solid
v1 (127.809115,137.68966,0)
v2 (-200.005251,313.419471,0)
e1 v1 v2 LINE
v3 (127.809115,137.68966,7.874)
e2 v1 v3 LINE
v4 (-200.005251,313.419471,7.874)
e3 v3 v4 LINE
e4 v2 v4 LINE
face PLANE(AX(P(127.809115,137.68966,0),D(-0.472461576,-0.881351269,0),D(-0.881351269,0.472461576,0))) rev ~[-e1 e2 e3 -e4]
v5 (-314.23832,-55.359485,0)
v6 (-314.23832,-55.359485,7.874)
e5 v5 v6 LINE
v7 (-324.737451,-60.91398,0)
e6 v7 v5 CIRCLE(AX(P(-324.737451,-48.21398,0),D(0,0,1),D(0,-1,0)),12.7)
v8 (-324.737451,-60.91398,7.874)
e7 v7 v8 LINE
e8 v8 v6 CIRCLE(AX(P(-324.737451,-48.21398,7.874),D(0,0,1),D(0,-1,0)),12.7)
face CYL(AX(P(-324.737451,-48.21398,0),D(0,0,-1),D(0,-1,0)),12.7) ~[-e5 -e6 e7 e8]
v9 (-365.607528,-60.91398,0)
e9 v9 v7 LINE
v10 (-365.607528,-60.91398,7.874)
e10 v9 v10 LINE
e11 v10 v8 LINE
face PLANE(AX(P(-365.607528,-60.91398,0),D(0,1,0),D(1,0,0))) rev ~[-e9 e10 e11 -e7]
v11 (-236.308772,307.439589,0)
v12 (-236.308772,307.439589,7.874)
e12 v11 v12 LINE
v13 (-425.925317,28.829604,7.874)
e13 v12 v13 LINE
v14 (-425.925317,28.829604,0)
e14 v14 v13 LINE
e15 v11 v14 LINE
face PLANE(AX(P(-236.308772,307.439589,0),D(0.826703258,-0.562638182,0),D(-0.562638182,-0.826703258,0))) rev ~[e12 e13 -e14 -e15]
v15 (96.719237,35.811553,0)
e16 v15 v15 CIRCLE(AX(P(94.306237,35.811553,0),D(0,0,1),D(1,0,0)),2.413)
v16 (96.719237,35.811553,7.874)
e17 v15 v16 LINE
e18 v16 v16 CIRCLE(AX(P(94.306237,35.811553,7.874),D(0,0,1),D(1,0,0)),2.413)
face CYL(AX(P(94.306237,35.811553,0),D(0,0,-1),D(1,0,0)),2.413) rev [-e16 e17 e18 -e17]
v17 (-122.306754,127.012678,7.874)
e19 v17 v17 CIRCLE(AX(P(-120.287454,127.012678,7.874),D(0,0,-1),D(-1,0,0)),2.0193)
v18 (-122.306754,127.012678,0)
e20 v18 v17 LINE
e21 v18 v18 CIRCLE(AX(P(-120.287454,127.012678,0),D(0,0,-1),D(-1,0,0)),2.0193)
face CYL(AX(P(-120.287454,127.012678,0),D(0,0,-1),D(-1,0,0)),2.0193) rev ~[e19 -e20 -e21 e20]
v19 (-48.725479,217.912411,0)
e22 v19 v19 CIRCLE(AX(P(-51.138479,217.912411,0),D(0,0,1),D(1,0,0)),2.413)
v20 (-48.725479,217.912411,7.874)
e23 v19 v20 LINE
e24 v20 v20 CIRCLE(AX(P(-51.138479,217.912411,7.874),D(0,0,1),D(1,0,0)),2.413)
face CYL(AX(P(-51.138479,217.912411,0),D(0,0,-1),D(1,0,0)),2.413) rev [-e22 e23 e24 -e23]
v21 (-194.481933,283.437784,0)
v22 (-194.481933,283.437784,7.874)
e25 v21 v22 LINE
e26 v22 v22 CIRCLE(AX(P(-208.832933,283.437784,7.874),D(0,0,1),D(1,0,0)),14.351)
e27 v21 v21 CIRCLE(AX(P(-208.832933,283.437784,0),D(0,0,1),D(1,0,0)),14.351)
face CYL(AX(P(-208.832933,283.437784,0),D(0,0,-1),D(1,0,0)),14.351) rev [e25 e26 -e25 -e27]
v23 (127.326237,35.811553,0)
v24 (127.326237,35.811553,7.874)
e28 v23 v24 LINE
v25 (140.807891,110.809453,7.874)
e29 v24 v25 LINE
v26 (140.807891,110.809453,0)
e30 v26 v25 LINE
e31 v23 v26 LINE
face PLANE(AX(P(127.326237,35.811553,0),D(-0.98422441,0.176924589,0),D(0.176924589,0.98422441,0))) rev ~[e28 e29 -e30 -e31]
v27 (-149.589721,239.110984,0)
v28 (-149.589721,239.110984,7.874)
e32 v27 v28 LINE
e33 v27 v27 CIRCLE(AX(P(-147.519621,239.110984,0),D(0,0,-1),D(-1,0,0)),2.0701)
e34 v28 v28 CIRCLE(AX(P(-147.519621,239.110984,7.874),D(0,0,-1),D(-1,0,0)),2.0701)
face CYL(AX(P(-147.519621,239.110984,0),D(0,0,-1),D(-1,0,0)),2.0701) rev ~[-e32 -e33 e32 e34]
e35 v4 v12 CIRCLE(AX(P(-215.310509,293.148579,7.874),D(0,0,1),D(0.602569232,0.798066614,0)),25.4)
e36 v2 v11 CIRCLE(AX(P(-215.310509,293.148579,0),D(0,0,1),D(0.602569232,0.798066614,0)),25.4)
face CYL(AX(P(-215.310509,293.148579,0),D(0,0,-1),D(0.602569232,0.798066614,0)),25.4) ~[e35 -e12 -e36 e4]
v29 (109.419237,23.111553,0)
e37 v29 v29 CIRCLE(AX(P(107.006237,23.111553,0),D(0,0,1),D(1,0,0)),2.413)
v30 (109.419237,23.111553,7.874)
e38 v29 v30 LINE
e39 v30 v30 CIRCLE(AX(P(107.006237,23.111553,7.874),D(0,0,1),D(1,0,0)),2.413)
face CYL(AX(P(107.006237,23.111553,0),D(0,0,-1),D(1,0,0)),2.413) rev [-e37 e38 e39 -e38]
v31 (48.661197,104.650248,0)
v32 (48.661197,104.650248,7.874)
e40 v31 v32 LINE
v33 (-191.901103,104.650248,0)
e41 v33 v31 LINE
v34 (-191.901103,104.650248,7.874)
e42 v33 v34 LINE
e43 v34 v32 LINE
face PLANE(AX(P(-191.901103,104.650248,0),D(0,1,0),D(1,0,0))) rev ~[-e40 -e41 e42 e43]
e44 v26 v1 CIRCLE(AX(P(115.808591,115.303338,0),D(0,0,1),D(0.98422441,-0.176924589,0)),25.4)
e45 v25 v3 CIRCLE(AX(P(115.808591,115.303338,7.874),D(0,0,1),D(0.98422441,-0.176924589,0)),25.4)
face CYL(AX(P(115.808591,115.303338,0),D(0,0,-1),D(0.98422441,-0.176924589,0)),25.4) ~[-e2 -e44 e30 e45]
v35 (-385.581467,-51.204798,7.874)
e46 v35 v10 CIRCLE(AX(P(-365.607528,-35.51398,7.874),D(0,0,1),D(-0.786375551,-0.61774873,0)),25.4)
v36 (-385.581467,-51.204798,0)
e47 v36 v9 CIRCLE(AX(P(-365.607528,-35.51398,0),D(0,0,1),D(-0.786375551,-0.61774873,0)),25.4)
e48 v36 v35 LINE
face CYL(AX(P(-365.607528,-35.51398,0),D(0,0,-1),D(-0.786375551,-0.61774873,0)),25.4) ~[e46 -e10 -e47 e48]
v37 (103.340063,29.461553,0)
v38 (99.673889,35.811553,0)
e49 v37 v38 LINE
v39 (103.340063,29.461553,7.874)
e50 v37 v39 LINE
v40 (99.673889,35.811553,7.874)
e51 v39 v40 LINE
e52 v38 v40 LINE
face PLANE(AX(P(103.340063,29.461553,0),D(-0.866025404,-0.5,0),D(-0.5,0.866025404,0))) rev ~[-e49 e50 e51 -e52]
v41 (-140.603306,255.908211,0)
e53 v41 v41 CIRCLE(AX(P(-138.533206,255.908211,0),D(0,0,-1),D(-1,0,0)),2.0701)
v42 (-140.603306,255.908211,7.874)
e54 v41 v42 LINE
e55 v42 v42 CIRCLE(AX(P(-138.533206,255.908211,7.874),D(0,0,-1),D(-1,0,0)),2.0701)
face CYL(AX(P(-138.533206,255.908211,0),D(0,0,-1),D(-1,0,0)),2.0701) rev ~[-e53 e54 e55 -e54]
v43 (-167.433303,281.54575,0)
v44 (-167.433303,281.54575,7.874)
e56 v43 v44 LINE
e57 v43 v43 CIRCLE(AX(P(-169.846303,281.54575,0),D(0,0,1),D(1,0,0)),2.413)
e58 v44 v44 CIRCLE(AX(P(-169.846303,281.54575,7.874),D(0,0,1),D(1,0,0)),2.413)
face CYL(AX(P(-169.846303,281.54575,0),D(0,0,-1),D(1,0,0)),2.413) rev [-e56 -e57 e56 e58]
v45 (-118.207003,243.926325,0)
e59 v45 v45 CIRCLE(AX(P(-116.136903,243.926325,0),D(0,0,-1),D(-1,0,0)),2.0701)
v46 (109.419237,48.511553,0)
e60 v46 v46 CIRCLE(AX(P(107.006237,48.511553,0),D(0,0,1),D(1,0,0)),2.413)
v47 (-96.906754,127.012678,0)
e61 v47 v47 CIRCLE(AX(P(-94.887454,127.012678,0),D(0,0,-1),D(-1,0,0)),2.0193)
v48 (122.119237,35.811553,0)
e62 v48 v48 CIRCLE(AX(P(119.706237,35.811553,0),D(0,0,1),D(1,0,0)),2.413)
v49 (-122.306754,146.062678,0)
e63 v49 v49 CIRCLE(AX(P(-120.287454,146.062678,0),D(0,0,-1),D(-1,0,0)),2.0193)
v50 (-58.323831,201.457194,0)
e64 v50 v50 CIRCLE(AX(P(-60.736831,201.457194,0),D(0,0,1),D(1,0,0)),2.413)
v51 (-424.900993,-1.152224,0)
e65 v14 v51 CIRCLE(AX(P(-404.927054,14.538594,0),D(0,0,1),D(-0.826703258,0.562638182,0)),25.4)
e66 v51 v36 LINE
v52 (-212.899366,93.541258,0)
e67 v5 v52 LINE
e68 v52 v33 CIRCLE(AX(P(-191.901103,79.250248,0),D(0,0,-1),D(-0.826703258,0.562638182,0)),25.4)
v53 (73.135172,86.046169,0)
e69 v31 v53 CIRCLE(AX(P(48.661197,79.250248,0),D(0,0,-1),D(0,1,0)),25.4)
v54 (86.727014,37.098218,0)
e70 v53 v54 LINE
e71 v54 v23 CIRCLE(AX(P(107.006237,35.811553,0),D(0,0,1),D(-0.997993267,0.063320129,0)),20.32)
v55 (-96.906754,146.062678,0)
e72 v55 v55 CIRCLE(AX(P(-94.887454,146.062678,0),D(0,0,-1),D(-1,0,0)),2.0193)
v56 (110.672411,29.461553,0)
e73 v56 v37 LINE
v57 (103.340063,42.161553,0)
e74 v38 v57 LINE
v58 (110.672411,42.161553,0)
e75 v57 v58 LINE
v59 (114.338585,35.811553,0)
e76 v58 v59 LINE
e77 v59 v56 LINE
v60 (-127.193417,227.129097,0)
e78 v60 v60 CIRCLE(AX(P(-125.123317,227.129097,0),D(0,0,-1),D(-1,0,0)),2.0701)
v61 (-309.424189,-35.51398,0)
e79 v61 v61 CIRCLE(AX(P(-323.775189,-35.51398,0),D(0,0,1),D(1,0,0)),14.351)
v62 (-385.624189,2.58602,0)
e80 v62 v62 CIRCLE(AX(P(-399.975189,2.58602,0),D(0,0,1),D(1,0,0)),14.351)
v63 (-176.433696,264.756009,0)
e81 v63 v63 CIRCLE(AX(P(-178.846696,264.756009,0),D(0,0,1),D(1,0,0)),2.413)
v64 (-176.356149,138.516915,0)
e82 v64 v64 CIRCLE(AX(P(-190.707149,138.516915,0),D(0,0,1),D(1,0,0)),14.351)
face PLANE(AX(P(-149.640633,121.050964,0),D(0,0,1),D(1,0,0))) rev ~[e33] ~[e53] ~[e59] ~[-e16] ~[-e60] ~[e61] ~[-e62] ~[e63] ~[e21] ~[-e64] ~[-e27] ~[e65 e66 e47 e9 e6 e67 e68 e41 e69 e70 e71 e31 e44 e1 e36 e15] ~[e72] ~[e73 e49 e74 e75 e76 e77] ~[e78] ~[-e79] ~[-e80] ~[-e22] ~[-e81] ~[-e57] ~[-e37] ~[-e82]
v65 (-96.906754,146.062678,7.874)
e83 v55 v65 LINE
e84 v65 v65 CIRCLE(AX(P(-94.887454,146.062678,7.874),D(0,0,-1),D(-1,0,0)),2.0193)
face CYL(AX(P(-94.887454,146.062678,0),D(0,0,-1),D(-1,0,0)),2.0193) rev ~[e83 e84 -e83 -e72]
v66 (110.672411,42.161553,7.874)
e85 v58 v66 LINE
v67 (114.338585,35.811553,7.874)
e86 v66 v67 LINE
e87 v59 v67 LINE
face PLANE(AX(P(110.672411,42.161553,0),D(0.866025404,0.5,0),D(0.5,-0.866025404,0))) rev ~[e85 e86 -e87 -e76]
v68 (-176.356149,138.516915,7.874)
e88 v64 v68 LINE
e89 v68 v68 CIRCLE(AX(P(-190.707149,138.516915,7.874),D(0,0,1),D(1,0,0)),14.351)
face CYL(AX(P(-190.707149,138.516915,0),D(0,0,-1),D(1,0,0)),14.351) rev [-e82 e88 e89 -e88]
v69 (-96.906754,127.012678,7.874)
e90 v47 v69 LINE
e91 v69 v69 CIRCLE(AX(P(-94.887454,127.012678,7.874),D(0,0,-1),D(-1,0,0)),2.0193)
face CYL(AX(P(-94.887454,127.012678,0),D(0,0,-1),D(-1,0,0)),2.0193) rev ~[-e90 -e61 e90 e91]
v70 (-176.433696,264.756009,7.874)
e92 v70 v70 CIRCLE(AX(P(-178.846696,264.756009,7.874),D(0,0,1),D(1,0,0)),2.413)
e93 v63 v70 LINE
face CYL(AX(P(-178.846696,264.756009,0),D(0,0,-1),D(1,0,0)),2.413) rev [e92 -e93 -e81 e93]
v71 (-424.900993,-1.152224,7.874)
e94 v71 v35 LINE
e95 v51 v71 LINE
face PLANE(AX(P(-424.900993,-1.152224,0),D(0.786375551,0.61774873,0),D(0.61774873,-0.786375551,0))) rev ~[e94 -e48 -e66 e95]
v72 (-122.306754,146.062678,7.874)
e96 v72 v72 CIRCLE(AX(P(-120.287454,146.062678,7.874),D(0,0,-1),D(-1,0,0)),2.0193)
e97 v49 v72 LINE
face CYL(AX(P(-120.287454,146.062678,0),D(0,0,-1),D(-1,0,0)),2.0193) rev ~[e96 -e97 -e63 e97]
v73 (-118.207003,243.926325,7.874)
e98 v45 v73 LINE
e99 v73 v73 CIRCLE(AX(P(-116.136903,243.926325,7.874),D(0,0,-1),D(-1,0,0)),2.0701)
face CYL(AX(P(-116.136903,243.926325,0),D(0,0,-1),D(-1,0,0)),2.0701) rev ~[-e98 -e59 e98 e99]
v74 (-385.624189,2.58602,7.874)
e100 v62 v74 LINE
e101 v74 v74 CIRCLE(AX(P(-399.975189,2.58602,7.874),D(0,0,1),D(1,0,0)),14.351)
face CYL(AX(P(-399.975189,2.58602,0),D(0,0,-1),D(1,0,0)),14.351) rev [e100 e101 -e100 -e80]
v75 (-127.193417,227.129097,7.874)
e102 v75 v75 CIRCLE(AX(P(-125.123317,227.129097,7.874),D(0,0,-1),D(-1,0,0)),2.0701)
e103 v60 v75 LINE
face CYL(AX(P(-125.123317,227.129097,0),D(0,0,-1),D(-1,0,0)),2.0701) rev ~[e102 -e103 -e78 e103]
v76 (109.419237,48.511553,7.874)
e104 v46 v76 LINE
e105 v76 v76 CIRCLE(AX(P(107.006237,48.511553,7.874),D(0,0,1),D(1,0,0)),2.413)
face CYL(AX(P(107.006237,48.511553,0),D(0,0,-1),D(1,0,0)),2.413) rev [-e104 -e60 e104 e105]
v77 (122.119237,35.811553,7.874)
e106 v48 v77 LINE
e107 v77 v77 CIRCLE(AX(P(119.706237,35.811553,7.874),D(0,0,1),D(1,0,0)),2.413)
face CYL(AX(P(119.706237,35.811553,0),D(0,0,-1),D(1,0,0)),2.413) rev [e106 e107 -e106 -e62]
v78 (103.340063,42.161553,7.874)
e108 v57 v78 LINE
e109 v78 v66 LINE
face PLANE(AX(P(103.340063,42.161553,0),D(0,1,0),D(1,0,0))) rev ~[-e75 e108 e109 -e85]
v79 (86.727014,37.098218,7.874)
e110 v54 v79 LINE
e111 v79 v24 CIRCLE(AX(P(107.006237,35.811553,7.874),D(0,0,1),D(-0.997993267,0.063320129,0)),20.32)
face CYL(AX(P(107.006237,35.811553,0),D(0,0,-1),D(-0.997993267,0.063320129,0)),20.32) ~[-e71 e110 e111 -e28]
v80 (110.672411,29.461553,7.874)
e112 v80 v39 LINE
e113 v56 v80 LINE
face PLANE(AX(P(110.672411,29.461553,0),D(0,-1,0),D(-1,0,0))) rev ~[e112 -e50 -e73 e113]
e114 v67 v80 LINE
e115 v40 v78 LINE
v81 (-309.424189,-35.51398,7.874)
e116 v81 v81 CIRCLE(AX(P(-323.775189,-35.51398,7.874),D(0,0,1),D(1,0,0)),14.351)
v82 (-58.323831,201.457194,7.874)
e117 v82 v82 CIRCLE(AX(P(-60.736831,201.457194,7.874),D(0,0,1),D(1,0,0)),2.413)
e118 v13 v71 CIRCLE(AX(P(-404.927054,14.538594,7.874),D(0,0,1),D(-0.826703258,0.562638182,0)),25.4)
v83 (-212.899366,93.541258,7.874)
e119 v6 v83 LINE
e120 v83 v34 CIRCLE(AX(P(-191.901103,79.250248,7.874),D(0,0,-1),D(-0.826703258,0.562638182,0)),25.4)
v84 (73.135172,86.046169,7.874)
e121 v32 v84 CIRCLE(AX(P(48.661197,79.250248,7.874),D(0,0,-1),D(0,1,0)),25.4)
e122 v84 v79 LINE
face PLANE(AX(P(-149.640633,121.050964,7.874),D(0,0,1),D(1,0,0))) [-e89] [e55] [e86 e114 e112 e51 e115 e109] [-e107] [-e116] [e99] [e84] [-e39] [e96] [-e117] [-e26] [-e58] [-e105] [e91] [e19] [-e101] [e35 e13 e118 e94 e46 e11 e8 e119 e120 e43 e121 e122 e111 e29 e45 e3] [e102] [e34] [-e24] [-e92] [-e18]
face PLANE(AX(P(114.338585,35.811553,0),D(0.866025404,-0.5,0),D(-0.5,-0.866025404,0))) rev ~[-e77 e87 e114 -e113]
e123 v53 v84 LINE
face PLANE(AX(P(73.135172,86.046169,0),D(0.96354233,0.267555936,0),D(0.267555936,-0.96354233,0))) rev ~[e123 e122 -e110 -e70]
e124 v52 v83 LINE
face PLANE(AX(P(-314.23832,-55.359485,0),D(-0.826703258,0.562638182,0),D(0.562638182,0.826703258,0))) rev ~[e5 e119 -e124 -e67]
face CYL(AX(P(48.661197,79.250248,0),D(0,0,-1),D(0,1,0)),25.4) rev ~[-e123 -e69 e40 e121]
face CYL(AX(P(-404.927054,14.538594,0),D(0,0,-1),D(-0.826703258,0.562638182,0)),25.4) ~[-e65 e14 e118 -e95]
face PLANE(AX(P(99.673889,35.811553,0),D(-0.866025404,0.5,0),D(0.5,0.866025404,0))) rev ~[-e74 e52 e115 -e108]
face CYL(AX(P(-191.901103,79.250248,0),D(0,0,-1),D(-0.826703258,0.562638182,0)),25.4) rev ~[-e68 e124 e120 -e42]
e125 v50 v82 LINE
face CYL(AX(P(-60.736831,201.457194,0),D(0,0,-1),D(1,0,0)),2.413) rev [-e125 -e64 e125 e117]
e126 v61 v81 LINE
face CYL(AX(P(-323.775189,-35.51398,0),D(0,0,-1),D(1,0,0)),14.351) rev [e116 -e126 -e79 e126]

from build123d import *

# Parameters (mm, degrees)
MODEL_R             = 14.351
MODEL_R_2           = 2.413
BOSS_EXTRUDE1_DEPTH = 7.874
SKETCH17_R          = 2.0701
CUT_EXTRUDE1_DEPTH  = 8.874
SKETCH18_R          = 2.0193
CUT_EXTRUDE2_DEPTH  = 8.874


with BuildPart() as part:
    # Model → Boss-Extrude1 (new body)
    with BuildSketch(Plane.XY):
        with BuildLine():
            Line((127.809114586, 137.689660276), (-200.005250584, 313.419470721))
            ThreePointArc((-200.005250584, 313.419470721), (-219.438743814, 318.210854709), (-236.308771814, 307.439588539))
            Line((-236.308771814, 307.439588539), (-425.925316767, 28.829603592))
            ThreePointArc((-425.925316767, 28.829603592), (-430.312243104, 13.671313347), (-424.900993017, -1.152223962))
            Line((-424.900993017, -1.152223962), (-385.581467186, -51.204797614))
            ThreePointArc((-385.581467186, -51.204797614), (-376.711879358, -58.358090396), (-365.607528193, -60.913979882))
            Line((-365.607528193, -60.913979882), (-324.737451002, -60.913979882))
            ThreePointArc((-324.737451002, -60.913979882), (-318.798508014, -59.439796386), (-314.23831963, -55.359484793))
            Line((-314.23831963, -55.359484793), (-212.899365952, 93.541257838))
            ThreePointArc((-212.899365952, 93.541257838), (-203.778989185, 101.701881024), (-191.901103209, 104.650248016))
            Line((-191.901103209, 104.650248016), (48.661197018, 104.650248016))
            ThreePointArc((48.661197018, 104.650248016), (64.032332507, 99.471232012), (73.135172194, 86.046168785))
            Line((73.135172194, 86.046168785), (86.727013732, 37.098218434))
            ThreePointArc((86.727013732, 37.098218434), (106.362581421, 15.501750179), (127.326236921, 35.811553418))
            Line((127.326236921, 35.811553418), (140.807890588, 110.809453484))
            ThreePointArc((140.807890588, 110.809453484), (138.675228362, 126.361225539), (127.809114586, 137.689660276))
        make_face()
        with Locations((-323.775189267, -35.513979882)):
            Circle(MODEL_R, mode=Mode.SUBTRACT)
        with Locations((-399.975189267, 2.586020118)):
            Circle(MODEL_R, mode=Mode.SUBTRACT)
        with Locations((107.006236921, 23.111553418)):
            Circle(MODEL_R_2, mode=Mode.SUBTRACT)
        with Locations((94.306236921, 35.811553418)):
            Circle(MODEL_R_2, mode=Mode.SUBTRACT)
        Polygon((110.67241113, 42.161553418), (114.33858534, 35.811553418), (110.67241113, 29.461553418), (103.340062712, 29.461553418), (99.673888502, 35.811553418), (103.340062712, 42.161553418), (107.006236921, 42.161553418), align=None, mode=Mode.SUBTRACT)
        with Locations((119.706236921, 35.811553418)):
            Circle(MODEL_R_2, mode=Mode.SUBTRACT)
        with Locations((107.006236921, 48.511553418)):
            Circle(MODEL_R_2, mode=Mode.SUBTRACT)
        with Locations((-190.707148919, 138.516914683)):
            Circle(MODEL_R, mode=Mode.SUBTRACT)
        with Locations((-178.846696227, 264.756008796)):
            Circle(MODEL_R_2, mode=Mode.SUBTRACT)
        with Locations((-208.832932893, 283.437784316)):
            Circle(MODEL_R, mode=Mode.SUBTRACT)
        with Locations((-169.846303212, 281.545750473)):
            Circle(MODEL_R_2, mode=Mode.SUBTRACT)
        with Locations((-60.736830905, 201.457194342)):
            Circle(MODEL_R_2, mode=Mode.SUBTRACT)
        with Locations((-51.138479016, 217.912410568)):
            Circle(MODEL_R_2, mode=Mode.SUBTRACT)
    extrude(amount=BOSS_EXTRUDE1_DEPTH)

    # Sketch17 → Cut-Extrude1 (cut, through all)
    with BuildSketch(Plane(origin=(0, 0, 0), x_dir=(-1, 0, 0), z_dir=(0, 0, -1))):
        with Locations((138.53320591, 255.908211149)):
            Circle(SKETCH17_R)
        with Locations((147.519620664, 239.110983703)):
            Circle(SKETCH17_R)
        with Locations((125.123317403, 227.129097364)):
            Circle(SKETCH17_R)
        with Locations((116.136902649, 243.92632481)):
            Circle(SKETCH17_R)
    extrude(amount=-CUT_EXTRUDE1_DEPTH, mode=Mode.SUBTRACT)

    # Sketch18 → Cut-Extrude2 (cut, through all)
    with BuildSketch(Plane(origin=(0, 0, 0), x_dir=(-1, 0, 0), z_dir=(0, 0, -1))):
        with Locations((120.287453551, 146.062677987)):
            Circle(SKETCH18_R)
        with Locations((120.287453551, 127.012677987)):
            Circle(SKETCH18_R)
        with Locations((94.887453551, 127.012677987)):
            Circle(SKETCH18_R)
        with Locations((94.887453551, 146.062677987)):
            Circle(SKETCH18_R)
    extrude(amount=-CUT_EXTRUDE2_DEPTH, mode=Mode.SUBTRACT)


solid = part.part
